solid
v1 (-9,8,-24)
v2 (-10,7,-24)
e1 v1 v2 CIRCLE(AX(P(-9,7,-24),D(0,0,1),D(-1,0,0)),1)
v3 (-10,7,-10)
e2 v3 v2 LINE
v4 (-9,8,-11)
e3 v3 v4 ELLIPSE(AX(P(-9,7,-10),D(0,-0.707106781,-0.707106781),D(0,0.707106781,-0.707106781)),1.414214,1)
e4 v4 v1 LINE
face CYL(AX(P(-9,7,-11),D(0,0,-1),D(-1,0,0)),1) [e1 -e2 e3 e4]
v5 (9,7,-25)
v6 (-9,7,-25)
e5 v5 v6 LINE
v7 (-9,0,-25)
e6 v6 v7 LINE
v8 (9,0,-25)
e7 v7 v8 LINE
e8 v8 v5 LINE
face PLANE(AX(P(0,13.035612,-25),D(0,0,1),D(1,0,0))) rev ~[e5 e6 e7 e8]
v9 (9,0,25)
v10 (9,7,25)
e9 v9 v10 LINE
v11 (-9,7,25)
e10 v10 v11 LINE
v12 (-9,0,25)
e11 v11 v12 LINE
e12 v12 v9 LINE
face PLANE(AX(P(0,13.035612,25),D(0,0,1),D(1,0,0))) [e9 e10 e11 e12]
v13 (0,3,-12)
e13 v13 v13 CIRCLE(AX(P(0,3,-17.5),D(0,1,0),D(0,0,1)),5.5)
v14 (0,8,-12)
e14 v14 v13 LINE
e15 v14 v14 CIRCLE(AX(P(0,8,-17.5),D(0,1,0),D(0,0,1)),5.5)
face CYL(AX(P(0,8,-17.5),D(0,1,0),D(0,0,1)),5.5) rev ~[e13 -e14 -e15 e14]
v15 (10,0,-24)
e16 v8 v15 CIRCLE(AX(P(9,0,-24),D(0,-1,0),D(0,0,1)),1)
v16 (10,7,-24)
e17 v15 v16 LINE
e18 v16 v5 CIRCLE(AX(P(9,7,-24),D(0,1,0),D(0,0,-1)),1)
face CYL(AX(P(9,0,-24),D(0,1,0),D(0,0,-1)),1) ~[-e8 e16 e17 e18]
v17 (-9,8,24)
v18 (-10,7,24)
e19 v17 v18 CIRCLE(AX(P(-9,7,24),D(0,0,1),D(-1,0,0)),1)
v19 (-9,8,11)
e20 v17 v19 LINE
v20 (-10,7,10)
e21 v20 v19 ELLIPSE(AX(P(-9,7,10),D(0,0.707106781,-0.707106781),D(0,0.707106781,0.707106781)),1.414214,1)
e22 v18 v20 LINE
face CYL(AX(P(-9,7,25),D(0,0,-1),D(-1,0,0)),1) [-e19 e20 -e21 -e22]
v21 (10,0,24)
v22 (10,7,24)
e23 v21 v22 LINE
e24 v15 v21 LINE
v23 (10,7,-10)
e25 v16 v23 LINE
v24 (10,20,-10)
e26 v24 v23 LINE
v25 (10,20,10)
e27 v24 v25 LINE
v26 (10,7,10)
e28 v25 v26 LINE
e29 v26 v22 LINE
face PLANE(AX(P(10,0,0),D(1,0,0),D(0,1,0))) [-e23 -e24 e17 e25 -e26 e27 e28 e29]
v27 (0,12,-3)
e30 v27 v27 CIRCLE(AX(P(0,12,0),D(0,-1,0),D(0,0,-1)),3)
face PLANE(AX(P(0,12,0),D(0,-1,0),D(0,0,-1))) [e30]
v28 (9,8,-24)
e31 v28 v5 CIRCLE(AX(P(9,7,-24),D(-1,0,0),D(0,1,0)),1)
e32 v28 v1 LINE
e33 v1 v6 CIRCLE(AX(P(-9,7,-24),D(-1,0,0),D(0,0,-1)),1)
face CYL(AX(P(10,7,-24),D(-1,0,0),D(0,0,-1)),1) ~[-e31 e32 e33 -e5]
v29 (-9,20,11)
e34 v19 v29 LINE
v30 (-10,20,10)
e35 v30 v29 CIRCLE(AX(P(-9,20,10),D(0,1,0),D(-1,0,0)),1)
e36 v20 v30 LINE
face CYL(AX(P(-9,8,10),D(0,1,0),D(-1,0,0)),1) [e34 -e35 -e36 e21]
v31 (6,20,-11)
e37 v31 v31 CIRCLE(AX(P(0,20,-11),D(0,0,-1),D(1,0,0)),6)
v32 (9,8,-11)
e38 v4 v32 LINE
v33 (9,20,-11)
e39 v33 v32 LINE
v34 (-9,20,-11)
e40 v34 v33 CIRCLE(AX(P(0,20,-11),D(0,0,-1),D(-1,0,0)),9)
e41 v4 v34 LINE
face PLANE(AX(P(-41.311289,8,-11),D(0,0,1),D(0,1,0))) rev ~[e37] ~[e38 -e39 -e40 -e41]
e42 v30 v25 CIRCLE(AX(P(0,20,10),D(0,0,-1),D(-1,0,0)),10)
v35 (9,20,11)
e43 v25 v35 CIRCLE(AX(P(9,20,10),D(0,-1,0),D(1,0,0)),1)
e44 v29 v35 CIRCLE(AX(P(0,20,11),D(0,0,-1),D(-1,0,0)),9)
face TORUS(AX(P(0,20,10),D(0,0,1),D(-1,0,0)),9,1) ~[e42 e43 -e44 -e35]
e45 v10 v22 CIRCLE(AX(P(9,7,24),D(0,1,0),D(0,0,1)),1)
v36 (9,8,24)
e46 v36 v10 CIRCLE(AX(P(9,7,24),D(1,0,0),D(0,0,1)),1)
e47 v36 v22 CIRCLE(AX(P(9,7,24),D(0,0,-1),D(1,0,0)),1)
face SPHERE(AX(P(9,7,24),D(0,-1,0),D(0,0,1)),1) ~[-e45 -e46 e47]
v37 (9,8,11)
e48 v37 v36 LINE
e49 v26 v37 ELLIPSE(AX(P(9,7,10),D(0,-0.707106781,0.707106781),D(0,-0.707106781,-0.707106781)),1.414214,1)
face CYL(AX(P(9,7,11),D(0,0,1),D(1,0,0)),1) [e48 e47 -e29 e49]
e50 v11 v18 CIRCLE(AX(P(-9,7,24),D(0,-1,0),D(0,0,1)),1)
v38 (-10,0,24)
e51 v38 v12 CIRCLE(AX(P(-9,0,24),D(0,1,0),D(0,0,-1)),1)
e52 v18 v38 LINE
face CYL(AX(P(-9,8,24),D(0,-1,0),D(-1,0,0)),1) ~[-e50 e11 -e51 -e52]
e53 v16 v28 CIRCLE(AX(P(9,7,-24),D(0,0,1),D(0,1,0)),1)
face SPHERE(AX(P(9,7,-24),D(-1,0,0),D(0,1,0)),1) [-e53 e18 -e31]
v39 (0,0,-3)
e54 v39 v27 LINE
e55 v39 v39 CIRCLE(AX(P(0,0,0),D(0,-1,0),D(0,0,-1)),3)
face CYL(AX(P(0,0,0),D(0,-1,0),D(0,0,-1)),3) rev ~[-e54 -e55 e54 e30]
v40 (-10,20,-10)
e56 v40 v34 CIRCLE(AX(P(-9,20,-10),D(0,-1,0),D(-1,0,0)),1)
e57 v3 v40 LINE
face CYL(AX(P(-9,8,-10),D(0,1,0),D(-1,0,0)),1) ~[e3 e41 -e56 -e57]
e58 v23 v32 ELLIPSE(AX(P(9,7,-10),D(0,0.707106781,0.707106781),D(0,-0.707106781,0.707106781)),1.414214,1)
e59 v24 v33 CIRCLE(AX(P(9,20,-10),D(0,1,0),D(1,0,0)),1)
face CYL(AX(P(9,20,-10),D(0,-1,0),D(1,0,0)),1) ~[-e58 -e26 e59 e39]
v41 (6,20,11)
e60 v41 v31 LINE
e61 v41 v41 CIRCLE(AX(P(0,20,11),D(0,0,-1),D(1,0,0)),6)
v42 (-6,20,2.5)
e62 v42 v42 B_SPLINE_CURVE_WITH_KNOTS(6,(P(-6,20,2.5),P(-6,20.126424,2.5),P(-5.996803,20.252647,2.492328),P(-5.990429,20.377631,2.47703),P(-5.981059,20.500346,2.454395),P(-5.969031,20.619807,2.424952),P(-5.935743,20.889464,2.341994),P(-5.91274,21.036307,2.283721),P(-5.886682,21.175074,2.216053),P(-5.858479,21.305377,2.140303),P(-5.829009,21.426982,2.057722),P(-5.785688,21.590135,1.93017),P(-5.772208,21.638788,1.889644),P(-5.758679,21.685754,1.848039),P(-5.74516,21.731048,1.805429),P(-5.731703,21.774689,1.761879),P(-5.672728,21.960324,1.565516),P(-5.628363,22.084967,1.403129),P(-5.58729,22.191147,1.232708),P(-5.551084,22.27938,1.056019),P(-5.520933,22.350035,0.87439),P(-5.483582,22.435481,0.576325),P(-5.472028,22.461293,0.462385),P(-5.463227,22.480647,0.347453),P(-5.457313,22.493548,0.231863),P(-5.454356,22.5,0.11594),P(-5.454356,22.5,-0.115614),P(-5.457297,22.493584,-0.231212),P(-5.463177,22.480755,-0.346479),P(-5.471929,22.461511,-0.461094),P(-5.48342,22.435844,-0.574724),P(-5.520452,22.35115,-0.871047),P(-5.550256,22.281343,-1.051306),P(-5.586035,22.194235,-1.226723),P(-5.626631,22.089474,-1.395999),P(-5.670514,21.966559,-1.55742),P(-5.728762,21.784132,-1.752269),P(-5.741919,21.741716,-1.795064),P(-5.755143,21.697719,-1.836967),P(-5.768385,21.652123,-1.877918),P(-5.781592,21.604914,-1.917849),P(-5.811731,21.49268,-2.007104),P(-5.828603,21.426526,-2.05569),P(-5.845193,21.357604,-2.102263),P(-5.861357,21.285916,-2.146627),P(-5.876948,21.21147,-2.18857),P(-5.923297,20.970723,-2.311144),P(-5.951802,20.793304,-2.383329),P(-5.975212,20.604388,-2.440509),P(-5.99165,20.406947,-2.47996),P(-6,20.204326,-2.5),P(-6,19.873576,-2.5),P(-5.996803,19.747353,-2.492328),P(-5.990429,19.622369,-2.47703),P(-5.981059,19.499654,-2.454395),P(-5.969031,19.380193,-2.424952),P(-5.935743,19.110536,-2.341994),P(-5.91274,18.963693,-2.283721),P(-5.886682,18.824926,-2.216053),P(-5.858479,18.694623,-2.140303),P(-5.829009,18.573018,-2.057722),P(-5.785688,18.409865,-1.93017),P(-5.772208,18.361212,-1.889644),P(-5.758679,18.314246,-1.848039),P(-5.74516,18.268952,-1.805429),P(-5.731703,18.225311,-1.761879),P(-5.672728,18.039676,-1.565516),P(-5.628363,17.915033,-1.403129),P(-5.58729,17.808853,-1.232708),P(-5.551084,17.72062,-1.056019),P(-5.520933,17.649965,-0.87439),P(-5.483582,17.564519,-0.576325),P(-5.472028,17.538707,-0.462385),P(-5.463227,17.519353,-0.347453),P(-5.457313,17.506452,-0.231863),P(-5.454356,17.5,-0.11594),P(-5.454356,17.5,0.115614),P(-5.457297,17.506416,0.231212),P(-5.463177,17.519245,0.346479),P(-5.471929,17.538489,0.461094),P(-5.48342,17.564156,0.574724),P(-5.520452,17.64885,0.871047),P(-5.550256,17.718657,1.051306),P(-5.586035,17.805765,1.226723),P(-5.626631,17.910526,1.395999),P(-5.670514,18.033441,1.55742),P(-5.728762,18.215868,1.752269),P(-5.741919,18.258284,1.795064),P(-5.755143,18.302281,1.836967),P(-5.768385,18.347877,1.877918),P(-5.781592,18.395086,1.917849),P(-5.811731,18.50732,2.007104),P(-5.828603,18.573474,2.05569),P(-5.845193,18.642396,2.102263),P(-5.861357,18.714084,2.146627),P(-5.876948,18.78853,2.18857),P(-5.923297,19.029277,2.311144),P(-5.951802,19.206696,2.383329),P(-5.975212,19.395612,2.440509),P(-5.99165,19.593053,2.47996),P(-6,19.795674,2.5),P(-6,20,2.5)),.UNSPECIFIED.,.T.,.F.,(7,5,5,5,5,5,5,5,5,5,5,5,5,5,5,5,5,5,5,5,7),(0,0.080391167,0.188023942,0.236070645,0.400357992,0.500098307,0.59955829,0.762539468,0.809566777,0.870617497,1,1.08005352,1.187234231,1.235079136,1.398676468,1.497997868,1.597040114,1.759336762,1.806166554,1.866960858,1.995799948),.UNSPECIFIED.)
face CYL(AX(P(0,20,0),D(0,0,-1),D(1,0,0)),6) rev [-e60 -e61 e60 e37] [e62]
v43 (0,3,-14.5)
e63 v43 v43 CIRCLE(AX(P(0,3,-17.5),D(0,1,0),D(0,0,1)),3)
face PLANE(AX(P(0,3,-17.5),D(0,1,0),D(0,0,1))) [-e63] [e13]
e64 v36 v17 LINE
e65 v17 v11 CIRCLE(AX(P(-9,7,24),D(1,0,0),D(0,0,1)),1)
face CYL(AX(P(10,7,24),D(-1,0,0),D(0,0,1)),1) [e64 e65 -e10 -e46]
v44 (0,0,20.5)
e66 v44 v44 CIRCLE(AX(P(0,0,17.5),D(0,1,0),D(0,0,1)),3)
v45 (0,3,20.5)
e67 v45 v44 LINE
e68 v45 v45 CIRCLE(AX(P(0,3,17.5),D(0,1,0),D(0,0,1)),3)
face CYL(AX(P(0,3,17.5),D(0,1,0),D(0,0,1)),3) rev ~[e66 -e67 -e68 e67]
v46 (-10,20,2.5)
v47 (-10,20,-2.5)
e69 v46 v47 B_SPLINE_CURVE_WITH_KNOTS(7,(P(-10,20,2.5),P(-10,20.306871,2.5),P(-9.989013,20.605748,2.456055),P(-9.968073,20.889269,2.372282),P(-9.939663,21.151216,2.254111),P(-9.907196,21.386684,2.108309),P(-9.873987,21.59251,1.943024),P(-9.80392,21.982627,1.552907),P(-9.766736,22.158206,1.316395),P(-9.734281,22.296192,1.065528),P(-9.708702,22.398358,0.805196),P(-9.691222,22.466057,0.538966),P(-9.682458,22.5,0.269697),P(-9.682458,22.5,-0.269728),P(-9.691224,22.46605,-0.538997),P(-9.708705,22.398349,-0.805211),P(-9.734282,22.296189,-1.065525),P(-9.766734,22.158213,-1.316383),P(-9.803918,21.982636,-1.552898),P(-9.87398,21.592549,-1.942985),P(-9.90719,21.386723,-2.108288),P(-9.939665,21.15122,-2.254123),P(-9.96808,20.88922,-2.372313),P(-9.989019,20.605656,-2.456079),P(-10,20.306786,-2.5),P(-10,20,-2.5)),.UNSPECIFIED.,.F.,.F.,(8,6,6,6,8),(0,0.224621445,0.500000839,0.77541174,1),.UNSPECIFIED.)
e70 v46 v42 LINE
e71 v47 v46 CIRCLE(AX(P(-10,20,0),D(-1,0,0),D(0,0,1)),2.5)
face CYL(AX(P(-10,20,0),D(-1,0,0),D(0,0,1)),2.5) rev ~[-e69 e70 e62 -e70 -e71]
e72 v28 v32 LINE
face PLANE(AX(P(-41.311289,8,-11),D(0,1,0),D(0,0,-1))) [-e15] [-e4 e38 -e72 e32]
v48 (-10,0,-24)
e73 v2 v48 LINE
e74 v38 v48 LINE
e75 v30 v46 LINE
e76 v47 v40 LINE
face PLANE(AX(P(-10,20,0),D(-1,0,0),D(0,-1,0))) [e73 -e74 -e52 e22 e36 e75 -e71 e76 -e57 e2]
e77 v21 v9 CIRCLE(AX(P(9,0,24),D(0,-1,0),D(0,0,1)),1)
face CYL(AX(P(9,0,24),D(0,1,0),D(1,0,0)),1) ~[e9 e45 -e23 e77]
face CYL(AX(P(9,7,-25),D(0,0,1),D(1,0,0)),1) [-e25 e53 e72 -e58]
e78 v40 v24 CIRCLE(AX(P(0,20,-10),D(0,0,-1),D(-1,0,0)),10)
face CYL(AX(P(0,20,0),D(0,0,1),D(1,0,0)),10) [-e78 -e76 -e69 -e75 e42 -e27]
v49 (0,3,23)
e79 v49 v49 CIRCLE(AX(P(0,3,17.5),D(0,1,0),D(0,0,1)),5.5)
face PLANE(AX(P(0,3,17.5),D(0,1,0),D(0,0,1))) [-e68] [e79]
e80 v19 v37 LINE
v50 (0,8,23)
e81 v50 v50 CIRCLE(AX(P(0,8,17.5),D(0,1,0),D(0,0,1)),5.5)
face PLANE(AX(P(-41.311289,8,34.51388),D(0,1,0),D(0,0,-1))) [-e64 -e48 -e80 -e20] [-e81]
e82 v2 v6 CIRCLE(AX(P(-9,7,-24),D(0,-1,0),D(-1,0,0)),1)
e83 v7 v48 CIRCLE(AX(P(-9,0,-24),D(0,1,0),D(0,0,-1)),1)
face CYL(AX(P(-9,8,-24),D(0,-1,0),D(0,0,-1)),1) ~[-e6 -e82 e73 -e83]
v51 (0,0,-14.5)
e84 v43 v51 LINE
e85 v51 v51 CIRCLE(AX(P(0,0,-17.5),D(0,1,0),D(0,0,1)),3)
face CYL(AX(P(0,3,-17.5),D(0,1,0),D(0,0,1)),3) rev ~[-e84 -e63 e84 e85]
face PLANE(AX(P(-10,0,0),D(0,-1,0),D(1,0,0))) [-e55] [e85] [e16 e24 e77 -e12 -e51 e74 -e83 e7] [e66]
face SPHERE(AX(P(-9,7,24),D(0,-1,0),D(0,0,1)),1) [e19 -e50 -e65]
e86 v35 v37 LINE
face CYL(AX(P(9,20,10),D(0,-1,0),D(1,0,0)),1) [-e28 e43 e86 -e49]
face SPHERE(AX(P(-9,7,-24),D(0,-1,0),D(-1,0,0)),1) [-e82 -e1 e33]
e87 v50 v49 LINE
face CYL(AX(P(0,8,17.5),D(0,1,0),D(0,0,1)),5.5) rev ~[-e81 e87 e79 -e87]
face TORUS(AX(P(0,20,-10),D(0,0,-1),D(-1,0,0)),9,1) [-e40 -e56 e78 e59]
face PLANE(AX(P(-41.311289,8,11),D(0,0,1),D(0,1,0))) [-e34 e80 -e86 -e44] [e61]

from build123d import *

# Parameters (mm, degrees)
SKETCH_1_R               = 6
EXTRUDE_1_DEPTH          = 25
CUT_EXTRUDE_1_DEPTH      = 41.311288741
CUT_EXTRUDE_1_DEPTH_BACK = 41.311288741
SKETCH_2_W               = 21.902921801
SKETCH_2_H               = 31.191688498
SKETCH_2_W_2             = 23.513880173
SKETCH_2_H_2             = 33.775615356
CUT_EXTRUDE_2_REACH      = 45.875
CUT_EXTRUDE_2_END_RADIUS = 6
SKETCH_3_R               = 2.5
SKETCH_4_R               = 3
CUT_EXTRUDE_3_DEPTH      = 12
SKETCH_5_R               = 5.5
CUT_EXTRUDE_4_DEPTH      = 5
SKETCH_6_R               = 3
CUT_EXTRUDE_5_DEPTH      = 39.131352027
FILLET_1_R               = 1


with BuildPart() as part:
    # Эскиз1 → Бобышка-Вытянуть1 (new, symmetric)
    with BuildSketch(Plane.XY):
        with BuildLine():
            Line((-10, 0), (10, 0))
            Line((10, 0), (10, 20))
            ThreePointArc((10, 20), (0, 30), (-10, 20))
            Line((-10, 20), (-10, 0))
        make_face()
        with Locations((0, 20)):
            Circle(SKETCH_1_R, mode=Mode.SUBTRACT)
    extrude(amount=EXTRUDE_1_DEPTH, both=True)

    # Эскиз2 → Вырез-Вытянуть1 (cut, two sides: drawn at the far end of the back side and taken through both)
    with BuildSketch(Plane(origin=(0, 0, 0), x_dir=(0, 0, -1), z_dir=(1, 0, 0)).offset(-CUT_EXTRUDE_1_DEPTH_BACK)):
        with Locations((21.951460901, 23.595844249)):
            Rectangle(SKETCH_2_W, SKETCH_2_H)
        with Locations((-22.756940087, 24.887807678)):
            Rectangle(SKETCH_2_W_2, SKETCH_2_H_2)
    extrude(amount=CUT_EXTRUDE_1_DEPTH + CUT_EXTRUDE_1_DEPTH_BACK, mode=Mode.SUBTRACT)

    # Вырез-Вытянуть2: up to this cylinder (the profile starts outside it)
    cut_extrude_2_end = Plane(origin=(0, 20, 0), z_dir=(0, 0, -1)) * Cylinder(CUT_EXTRUDE_2_END_RADIUS, 104.75, mode=Mode.PRIVATE)
    # Эскиз3 → Вырез-Вытянуть2 (cut, up to the surface)
    with BuildSketch(Plane.ZY.offset(10), mode=Mode.PRIVATE) as cut_extrude_2_sk1:
        with Locations((0, 20)):
            Circle(SKETCH_3_R)
    cut_extrude_2_tool1 = extrude(cut_extrude_2_sk1.sketch, amount=-CUT_EXTRUDE_2_REACH, mode=Mode.PRIVATE) - cut_extrude_2_end
    add(cut_extrude_2_tool1.solids().sort_by_distance((-10, 20, 0))[0], mode=Mode.SUBTRACT)

    # Эскиз4 → Вырез-Вытянуть3 (cut)
    with BuildSketch(Plane(origin=(0, 0, 0), x_dir=(-1, 0, 0), z_dir=(0, -1, 0))):
        with Locations(Location((0, 0, 0), (0, 0, 90))):
            Circle(SKETCH_4_R)
    extrude(amount=-CUT_EXTRUDE_3_DEPTH, mode=Mode.SUBTRACT)

    # Эскиз5 → Вырез-Вытянуть4 (cut)
    with BuildSketch(Plane(origin=(0, 8, 0), x_dir=(1, 0, 0), z_dir=(0, 1, 0))):
        with Locations(Location((0, 17.5, 0), (0, 0, 270))):
            Circle(SKETCH_5_R)
        with Locations(Location((0, -17.5, 0), (0, 0, 270))):
            Circle(SKETCH_5_R)
    extrude(amount=-CUT_EXTRUDE_4_DEPTH, mode=Mode.SUBTRACT)

    # Эскиз6 → Вырез-Вытянуть5 (cut, through all)
    with BuildSketch(Plane(origin=(0, 3, 0), x_dir=(1, 0, 0), z_dir=(0, 1, 0))):
        with Locations(Location((0, 17.5, 0), (0, 0, 270))):
            Circle(SKETCH_6_R)
        with Locations(Location((0, -17.5, 0), (0, 0, 270))):
            Circle(SKETCH_6_R)
    extrude(amount=-CUT_EXTRUDE_5_DEPTH, mode=Mode.SUBTRACT)

    # Скругление1
    fillet_1_edges = [part.edges().sort_by_distance(p)[0] for p in [
        (10, 4, 25),
        (-10, 4, -25),
        (-10, 4, 25),
        (-10, 8, -18),
        (0, 8, -25),
        (10, 8, -18),
        (10, 14, -11),
        (0, 30, -11),
        (-10, 14, -11),
        (0, 8, 25),
        (-10, 14, 11),
        (0, 30, 11),
        (-10, 8, 18),
        (10, 8, 18),
        (10, 14, 11),
        (10, 4, -25),
    ]]
    fillet(fillet_1_edges, radius=FILLET_1_R)


solid = part.part
